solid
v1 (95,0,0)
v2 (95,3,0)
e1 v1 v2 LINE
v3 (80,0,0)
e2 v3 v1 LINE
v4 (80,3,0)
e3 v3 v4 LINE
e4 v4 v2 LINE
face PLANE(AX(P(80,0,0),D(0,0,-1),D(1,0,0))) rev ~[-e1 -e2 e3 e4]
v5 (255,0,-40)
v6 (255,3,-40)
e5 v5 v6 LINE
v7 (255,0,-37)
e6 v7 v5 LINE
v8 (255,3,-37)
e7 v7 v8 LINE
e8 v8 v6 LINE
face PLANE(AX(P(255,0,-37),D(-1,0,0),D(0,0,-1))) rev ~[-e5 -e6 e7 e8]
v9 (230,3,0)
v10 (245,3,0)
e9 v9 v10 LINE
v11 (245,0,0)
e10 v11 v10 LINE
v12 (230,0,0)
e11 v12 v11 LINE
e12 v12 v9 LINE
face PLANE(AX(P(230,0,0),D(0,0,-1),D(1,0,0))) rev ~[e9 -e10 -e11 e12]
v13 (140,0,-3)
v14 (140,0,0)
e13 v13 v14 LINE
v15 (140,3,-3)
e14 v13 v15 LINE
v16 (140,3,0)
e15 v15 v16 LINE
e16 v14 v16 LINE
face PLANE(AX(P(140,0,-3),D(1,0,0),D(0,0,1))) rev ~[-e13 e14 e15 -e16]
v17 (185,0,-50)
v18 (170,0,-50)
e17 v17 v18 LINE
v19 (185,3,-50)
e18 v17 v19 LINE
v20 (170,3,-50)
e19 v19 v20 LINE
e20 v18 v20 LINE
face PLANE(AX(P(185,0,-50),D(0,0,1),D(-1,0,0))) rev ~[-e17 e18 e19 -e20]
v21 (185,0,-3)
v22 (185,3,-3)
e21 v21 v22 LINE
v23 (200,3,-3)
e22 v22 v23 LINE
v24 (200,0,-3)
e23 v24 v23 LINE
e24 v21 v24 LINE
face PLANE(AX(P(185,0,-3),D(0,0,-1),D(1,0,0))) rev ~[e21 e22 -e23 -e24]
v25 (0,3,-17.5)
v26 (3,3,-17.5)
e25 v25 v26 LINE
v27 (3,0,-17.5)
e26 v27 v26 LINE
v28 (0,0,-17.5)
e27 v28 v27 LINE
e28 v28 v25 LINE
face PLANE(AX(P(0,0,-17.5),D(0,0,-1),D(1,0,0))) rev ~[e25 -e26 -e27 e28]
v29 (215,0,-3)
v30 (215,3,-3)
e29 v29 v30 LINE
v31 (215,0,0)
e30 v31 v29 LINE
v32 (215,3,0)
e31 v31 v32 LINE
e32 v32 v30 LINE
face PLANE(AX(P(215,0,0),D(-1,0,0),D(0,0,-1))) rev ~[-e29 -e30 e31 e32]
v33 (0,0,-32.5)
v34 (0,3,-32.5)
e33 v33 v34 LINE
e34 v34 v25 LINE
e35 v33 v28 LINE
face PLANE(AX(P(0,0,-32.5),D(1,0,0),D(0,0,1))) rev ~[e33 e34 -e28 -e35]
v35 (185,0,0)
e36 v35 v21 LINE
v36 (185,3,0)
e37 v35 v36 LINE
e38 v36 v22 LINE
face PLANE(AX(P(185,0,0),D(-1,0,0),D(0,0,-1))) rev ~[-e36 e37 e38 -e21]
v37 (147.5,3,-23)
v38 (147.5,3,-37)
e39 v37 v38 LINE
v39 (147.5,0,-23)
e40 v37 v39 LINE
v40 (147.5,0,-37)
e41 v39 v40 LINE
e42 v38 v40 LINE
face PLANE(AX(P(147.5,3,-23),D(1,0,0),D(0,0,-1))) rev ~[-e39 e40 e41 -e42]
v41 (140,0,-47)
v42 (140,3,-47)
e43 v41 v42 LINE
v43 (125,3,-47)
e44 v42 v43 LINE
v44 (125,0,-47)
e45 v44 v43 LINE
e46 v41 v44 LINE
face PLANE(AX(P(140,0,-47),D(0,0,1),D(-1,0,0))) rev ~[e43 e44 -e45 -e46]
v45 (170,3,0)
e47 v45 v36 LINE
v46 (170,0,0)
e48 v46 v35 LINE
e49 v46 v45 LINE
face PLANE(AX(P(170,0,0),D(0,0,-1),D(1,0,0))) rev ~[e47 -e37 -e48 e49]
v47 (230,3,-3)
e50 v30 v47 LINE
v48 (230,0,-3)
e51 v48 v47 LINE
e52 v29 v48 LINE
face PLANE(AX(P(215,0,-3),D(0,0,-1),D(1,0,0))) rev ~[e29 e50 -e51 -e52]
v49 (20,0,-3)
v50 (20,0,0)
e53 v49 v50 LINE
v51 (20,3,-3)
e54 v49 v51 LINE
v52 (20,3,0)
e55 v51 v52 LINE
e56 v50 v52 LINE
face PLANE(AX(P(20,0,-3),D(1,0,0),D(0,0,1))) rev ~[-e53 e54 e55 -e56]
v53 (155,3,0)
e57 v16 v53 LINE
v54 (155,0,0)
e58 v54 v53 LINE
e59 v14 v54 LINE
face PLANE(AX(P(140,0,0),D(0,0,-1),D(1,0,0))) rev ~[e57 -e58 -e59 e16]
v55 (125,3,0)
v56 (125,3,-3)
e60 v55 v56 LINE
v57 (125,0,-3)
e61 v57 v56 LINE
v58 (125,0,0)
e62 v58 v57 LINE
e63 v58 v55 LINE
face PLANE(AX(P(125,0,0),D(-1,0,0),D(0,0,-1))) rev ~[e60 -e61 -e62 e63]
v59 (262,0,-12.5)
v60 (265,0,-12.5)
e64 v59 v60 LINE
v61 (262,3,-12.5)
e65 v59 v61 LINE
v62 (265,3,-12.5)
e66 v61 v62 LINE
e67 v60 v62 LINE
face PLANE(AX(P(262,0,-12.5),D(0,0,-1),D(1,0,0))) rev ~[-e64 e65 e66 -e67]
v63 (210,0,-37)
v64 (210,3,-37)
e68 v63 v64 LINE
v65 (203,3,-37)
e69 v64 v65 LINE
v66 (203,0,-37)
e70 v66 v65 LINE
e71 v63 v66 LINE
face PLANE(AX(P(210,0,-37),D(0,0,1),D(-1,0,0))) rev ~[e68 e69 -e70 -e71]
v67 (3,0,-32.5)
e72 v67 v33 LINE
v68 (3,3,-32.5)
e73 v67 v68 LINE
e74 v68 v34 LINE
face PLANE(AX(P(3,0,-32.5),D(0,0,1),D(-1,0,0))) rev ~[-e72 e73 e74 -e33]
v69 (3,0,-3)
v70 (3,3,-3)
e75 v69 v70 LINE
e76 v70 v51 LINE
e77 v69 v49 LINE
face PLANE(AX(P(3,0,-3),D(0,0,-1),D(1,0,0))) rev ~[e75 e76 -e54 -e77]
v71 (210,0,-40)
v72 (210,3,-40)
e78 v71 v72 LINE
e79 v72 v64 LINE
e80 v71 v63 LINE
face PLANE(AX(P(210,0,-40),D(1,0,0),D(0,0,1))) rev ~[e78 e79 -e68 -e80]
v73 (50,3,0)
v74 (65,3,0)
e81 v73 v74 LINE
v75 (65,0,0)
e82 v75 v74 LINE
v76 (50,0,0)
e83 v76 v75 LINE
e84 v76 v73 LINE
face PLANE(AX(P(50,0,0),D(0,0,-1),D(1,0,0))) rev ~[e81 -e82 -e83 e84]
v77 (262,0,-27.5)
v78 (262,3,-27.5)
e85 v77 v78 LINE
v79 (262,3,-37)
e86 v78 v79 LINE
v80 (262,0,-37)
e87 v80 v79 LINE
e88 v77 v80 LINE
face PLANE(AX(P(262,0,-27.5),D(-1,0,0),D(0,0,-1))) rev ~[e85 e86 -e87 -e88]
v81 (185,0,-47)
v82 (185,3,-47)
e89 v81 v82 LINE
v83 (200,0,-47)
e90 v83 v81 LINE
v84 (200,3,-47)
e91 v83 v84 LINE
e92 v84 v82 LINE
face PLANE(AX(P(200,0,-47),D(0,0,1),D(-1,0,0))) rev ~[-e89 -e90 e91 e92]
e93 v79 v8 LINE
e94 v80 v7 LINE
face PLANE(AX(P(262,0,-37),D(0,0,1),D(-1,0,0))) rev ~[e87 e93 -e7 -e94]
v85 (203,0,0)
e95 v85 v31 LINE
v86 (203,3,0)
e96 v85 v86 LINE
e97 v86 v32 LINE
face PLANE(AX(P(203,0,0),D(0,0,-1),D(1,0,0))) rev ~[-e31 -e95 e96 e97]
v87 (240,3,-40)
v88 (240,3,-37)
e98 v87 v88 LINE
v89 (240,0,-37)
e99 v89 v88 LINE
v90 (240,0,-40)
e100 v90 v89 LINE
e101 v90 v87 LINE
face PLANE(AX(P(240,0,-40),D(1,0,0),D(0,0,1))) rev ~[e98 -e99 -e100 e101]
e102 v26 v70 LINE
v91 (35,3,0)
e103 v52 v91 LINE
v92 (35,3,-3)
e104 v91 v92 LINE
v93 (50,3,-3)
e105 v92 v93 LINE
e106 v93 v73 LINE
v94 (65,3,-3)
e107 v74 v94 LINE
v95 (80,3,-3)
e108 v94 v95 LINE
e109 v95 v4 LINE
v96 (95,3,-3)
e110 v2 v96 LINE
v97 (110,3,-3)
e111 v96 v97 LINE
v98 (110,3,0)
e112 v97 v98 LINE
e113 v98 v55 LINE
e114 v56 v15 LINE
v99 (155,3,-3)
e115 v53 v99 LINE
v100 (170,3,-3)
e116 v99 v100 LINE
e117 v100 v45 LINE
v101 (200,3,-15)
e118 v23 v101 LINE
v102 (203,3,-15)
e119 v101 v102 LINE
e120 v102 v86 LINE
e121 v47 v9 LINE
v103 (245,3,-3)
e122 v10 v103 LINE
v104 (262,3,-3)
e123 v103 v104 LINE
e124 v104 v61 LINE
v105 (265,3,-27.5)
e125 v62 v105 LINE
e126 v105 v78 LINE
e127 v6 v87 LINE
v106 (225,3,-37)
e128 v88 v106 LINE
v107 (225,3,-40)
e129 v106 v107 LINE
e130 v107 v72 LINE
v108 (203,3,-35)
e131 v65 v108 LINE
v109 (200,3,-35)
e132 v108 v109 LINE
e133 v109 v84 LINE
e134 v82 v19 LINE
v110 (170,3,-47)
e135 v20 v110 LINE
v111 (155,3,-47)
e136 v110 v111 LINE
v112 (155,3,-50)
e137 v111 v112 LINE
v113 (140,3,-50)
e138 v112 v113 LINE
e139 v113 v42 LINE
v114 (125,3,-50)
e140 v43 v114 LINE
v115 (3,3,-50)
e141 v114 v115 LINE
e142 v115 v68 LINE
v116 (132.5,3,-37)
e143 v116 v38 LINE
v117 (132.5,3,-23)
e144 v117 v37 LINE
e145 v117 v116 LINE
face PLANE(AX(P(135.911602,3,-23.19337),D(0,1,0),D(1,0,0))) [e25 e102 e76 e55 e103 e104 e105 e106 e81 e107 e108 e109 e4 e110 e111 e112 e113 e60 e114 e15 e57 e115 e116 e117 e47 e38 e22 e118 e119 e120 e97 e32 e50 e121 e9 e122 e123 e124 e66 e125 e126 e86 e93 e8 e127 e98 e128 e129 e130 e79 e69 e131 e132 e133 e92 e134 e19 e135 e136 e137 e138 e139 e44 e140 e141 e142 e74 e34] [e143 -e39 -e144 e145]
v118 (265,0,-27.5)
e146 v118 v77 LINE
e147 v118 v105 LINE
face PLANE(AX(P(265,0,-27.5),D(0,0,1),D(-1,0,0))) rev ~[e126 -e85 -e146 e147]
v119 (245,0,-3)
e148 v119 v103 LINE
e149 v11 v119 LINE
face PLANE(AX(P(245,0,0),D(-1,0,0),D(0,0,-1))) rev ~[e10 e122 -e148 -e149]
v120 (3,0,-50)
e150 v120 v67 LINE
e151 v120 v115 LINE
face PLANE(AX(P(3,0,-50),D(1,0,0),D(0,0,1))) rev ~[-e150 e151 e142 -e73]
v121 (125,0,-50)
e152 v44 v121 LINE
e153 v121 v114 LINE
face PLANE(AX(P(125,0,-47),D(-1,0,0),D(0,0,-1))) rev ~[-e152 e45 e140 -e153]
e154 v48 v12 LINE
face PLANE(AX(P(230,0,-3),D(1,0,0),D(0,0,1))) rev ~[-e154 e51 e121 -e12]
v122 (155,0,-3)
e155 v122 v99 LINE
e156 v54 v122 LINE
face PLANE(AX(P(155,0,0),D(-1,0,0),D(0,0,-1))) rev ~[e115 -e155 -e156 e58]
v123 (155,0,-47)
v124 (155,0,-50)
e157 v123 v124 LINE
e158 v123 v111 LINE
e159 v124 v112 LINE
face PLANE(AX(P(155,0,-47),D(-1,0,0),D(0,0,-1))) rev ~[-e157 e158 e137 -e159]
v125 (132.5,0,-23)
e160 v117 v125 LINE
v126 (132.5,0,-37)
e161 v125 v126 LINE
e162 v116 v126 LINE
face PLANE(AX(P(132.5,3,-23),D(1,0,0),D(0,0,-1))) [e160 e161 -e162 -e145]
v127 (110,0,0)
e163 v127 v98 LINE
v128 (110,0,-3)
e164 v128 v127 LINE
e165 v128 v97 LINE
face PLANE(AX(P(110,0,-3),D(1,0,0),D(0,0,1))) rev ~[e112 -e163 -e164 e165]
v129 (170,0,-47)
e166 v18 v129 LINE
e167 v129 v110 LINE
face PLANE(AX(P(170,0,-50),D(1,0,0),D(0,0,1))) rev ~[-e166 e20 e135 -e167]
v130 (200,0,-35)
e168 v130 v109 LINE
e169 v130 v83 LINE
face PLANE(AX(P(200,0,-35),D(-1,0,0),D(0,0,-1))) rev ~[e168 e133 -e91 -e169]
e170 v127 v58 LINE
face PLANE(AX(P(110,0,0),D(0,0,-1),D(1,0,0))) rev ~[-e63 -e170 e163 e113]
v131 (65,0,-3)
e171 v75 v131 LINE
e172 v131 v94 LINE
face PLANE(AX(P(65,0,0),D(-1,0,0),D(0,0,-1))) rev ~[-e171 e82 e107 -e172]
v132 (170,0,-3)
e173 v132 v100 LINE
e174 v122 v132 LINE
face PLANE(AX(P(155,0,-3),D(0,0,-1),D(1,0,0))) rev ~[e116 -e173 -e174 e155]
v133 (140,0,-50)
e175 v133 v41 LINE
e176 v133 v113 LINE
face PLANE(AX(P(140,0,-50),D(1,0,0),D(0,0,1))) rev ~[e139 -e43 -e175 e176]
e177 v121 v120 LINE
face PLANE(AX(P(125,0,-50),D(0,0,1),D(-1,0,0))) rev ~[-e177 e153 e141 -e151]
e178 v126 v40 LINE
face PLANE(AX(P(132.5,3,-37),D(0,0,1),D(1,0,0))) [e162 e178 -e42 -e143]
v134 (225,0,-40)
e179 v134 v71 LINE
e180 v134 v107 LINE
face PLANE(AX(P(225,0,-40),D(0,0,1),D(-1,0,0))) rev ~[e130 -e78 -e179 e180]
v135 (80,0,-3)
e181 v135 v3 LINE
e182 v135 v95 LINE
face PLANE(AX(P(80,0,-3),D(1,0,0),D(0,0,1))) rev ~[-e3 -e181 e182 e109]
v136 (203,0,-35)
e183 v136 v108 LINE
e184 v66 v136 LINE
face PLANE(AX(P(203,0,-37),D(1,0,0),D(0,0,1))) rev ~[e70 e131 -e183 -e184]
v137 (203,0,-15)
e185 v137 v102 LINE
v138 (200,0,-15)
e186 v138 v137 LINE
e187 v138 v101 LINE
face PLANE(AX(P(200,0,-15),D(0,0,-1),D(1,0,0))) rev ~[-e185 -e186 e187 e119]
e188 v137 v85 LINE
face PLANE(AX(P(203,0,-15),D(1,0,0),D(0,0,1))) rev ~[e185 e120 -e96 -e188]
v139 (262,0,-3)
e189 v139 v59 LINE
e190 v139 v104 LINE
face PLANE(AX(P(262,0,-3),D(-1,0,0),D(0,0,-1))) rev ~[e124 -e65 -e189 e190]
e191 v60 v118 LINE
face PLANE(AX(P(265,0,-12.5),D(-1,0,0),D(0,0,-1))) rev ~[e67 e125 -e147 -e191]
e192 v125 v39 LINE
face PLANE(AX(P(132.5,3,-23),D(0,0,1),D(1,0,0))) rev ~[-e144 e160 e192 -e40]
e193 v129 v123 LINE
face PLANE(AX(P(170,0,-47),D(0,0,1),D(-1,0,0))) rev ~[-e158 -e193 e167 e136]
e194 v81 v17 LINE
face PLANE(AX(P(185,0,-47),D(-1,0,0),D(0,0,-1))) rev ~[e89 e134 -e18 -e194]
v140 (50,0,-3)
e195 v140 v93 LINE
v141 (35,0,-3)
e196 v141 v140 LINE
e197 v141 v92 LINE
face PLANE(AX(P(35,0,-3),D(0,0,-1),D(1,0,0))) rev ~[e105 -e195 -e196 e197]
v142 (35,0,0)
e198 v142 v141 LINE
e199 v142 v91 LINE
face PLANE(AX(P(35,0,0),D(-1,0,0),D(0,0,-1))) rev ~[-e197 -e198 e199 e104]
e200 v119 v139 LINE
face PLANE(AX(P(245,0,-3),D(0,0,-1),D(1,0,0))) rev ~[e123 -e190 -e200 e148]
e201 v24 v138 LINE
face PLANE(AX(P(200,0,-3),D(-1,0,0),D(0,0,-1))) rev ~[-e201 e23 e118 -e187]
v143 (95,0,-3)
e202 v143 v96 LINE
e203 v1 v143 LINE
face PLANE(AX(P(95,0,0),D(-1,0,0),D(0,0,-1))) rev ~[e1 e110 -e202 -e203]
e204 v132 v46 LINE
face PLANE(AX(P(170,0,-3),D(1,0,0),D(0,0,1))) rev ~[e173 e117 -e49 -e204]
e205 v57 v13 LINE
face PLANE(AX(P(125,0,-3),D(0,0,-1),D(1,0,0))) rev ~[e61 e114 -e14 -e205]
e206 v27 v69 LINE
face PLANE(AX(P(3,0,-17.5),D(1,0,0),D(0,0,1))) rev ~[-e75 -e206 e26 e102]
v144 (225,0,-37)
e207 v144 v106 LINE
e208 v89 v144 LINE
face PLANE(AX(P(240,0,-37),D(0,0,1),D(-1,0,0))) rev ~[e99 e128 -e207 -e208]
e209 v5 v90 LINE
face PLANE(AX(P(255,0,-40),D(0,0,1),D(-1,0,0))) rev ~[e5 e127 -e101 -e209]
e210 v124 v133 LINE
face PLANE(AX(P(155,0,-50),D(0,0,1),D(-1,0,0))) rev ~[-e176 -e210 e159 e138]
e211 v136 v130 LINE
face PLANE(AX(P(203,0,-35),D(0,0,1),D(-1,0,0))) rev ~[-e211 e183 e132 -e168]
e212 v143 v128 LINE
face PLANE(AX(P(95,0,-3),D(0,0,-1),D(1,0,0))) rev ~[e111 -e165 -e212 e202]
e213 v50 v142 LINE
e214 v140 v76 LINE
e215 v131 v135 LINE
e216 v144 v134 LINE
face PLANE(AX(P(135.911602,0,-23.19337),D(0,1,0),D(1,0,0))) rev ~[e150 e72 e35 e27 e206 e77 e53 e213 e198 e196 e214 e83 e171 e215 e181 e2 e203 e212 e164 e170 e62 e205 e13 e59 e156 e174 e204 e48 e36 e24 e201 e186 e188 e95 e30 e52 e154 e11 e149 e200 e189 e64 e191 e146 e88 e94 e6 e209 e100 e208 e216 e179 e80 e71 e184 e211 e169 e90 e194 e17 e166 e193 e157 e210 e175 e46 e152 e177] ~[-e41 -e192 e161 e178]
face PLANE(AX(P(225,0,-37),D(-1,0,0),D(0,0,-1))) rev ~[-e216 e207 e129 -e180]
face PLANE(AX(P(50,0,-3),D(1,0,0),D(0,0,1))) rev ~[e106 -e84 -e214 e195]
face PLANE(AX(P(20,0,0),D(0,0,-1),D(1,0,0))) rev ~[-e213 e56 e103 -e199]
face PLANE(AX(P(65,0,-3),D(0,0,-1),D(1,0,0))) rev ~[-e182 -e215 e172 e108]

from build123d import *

# Parameters (mm, degrees)
SALIENTE_EXTRUIR1_DEPTH = 3
SKETCH1_W               = 15
SKETCH1_H               = 14
CUT_EXTRUDE1_DEPTH      = 10


with BuildPart() as part:
    # Croquis1 → Saliente-Extruir1 (new body)
    with BuildSketch(Plane(origin=(0, 0, 0), x_dir=(1, 0, 0), z_dir=(0, 1, 0))):
        Polygon((125, 47), (125, 50), (3, 50), (3, 32.5), (0, 32.5), (0, 17.5), (3, 17.5), (3, 3), (20, 3), (20, 0), (35, 0), (35, 3), (50, 3), (50, 0), (65, 0), (65, 3), (80, 3), (80, 0), (95, 0), (95, 3), (110, 3), (110, 0), (125, 0), (125, 3), (140, 3), (140, 0), (155, 0), (155, 3), (170, 3), (170, 0), (185, 0), (185, 3), (200, 3), (200, 15), (203, 15), (203, 0), (215, 0), (215, 3), (230, 3), (230, 0), (245, 0), (245, 3), (262, 3), (262, 12.5), (265, 12.5), (265, 27.5), (262, 27.5), (262, 37), (255, 37), (255, 40), (240, 40), (240, 37), (225, 37), (225, 40), (210, 40), (210, 37), (203, 37), (203, 35), (200, 35), (200, 47), (185, 47), (185, 50), (170, 50), (170, 47), (155, 47), (155, 50), (140, 50), (140, 47), align=None)
    extrude(amount=SALIENTE_EXTRUIR1_DEPTH)

    # Sketch1 → Cut-Extrude1 (cut)
    with BuildSketch(Plane(origin=(0, 3, 0), x_dir=(1, 0, 0), z_dir=(0, 1, 0))):
        with Locations((140, 30)):
            Rectangle(SKETCH1_W, SKETCH1_H)
    extrude(amount=-CUT_EXTRUDE1_DEPTH, mode=Mode.SUBTRACT)


solid = part.part
